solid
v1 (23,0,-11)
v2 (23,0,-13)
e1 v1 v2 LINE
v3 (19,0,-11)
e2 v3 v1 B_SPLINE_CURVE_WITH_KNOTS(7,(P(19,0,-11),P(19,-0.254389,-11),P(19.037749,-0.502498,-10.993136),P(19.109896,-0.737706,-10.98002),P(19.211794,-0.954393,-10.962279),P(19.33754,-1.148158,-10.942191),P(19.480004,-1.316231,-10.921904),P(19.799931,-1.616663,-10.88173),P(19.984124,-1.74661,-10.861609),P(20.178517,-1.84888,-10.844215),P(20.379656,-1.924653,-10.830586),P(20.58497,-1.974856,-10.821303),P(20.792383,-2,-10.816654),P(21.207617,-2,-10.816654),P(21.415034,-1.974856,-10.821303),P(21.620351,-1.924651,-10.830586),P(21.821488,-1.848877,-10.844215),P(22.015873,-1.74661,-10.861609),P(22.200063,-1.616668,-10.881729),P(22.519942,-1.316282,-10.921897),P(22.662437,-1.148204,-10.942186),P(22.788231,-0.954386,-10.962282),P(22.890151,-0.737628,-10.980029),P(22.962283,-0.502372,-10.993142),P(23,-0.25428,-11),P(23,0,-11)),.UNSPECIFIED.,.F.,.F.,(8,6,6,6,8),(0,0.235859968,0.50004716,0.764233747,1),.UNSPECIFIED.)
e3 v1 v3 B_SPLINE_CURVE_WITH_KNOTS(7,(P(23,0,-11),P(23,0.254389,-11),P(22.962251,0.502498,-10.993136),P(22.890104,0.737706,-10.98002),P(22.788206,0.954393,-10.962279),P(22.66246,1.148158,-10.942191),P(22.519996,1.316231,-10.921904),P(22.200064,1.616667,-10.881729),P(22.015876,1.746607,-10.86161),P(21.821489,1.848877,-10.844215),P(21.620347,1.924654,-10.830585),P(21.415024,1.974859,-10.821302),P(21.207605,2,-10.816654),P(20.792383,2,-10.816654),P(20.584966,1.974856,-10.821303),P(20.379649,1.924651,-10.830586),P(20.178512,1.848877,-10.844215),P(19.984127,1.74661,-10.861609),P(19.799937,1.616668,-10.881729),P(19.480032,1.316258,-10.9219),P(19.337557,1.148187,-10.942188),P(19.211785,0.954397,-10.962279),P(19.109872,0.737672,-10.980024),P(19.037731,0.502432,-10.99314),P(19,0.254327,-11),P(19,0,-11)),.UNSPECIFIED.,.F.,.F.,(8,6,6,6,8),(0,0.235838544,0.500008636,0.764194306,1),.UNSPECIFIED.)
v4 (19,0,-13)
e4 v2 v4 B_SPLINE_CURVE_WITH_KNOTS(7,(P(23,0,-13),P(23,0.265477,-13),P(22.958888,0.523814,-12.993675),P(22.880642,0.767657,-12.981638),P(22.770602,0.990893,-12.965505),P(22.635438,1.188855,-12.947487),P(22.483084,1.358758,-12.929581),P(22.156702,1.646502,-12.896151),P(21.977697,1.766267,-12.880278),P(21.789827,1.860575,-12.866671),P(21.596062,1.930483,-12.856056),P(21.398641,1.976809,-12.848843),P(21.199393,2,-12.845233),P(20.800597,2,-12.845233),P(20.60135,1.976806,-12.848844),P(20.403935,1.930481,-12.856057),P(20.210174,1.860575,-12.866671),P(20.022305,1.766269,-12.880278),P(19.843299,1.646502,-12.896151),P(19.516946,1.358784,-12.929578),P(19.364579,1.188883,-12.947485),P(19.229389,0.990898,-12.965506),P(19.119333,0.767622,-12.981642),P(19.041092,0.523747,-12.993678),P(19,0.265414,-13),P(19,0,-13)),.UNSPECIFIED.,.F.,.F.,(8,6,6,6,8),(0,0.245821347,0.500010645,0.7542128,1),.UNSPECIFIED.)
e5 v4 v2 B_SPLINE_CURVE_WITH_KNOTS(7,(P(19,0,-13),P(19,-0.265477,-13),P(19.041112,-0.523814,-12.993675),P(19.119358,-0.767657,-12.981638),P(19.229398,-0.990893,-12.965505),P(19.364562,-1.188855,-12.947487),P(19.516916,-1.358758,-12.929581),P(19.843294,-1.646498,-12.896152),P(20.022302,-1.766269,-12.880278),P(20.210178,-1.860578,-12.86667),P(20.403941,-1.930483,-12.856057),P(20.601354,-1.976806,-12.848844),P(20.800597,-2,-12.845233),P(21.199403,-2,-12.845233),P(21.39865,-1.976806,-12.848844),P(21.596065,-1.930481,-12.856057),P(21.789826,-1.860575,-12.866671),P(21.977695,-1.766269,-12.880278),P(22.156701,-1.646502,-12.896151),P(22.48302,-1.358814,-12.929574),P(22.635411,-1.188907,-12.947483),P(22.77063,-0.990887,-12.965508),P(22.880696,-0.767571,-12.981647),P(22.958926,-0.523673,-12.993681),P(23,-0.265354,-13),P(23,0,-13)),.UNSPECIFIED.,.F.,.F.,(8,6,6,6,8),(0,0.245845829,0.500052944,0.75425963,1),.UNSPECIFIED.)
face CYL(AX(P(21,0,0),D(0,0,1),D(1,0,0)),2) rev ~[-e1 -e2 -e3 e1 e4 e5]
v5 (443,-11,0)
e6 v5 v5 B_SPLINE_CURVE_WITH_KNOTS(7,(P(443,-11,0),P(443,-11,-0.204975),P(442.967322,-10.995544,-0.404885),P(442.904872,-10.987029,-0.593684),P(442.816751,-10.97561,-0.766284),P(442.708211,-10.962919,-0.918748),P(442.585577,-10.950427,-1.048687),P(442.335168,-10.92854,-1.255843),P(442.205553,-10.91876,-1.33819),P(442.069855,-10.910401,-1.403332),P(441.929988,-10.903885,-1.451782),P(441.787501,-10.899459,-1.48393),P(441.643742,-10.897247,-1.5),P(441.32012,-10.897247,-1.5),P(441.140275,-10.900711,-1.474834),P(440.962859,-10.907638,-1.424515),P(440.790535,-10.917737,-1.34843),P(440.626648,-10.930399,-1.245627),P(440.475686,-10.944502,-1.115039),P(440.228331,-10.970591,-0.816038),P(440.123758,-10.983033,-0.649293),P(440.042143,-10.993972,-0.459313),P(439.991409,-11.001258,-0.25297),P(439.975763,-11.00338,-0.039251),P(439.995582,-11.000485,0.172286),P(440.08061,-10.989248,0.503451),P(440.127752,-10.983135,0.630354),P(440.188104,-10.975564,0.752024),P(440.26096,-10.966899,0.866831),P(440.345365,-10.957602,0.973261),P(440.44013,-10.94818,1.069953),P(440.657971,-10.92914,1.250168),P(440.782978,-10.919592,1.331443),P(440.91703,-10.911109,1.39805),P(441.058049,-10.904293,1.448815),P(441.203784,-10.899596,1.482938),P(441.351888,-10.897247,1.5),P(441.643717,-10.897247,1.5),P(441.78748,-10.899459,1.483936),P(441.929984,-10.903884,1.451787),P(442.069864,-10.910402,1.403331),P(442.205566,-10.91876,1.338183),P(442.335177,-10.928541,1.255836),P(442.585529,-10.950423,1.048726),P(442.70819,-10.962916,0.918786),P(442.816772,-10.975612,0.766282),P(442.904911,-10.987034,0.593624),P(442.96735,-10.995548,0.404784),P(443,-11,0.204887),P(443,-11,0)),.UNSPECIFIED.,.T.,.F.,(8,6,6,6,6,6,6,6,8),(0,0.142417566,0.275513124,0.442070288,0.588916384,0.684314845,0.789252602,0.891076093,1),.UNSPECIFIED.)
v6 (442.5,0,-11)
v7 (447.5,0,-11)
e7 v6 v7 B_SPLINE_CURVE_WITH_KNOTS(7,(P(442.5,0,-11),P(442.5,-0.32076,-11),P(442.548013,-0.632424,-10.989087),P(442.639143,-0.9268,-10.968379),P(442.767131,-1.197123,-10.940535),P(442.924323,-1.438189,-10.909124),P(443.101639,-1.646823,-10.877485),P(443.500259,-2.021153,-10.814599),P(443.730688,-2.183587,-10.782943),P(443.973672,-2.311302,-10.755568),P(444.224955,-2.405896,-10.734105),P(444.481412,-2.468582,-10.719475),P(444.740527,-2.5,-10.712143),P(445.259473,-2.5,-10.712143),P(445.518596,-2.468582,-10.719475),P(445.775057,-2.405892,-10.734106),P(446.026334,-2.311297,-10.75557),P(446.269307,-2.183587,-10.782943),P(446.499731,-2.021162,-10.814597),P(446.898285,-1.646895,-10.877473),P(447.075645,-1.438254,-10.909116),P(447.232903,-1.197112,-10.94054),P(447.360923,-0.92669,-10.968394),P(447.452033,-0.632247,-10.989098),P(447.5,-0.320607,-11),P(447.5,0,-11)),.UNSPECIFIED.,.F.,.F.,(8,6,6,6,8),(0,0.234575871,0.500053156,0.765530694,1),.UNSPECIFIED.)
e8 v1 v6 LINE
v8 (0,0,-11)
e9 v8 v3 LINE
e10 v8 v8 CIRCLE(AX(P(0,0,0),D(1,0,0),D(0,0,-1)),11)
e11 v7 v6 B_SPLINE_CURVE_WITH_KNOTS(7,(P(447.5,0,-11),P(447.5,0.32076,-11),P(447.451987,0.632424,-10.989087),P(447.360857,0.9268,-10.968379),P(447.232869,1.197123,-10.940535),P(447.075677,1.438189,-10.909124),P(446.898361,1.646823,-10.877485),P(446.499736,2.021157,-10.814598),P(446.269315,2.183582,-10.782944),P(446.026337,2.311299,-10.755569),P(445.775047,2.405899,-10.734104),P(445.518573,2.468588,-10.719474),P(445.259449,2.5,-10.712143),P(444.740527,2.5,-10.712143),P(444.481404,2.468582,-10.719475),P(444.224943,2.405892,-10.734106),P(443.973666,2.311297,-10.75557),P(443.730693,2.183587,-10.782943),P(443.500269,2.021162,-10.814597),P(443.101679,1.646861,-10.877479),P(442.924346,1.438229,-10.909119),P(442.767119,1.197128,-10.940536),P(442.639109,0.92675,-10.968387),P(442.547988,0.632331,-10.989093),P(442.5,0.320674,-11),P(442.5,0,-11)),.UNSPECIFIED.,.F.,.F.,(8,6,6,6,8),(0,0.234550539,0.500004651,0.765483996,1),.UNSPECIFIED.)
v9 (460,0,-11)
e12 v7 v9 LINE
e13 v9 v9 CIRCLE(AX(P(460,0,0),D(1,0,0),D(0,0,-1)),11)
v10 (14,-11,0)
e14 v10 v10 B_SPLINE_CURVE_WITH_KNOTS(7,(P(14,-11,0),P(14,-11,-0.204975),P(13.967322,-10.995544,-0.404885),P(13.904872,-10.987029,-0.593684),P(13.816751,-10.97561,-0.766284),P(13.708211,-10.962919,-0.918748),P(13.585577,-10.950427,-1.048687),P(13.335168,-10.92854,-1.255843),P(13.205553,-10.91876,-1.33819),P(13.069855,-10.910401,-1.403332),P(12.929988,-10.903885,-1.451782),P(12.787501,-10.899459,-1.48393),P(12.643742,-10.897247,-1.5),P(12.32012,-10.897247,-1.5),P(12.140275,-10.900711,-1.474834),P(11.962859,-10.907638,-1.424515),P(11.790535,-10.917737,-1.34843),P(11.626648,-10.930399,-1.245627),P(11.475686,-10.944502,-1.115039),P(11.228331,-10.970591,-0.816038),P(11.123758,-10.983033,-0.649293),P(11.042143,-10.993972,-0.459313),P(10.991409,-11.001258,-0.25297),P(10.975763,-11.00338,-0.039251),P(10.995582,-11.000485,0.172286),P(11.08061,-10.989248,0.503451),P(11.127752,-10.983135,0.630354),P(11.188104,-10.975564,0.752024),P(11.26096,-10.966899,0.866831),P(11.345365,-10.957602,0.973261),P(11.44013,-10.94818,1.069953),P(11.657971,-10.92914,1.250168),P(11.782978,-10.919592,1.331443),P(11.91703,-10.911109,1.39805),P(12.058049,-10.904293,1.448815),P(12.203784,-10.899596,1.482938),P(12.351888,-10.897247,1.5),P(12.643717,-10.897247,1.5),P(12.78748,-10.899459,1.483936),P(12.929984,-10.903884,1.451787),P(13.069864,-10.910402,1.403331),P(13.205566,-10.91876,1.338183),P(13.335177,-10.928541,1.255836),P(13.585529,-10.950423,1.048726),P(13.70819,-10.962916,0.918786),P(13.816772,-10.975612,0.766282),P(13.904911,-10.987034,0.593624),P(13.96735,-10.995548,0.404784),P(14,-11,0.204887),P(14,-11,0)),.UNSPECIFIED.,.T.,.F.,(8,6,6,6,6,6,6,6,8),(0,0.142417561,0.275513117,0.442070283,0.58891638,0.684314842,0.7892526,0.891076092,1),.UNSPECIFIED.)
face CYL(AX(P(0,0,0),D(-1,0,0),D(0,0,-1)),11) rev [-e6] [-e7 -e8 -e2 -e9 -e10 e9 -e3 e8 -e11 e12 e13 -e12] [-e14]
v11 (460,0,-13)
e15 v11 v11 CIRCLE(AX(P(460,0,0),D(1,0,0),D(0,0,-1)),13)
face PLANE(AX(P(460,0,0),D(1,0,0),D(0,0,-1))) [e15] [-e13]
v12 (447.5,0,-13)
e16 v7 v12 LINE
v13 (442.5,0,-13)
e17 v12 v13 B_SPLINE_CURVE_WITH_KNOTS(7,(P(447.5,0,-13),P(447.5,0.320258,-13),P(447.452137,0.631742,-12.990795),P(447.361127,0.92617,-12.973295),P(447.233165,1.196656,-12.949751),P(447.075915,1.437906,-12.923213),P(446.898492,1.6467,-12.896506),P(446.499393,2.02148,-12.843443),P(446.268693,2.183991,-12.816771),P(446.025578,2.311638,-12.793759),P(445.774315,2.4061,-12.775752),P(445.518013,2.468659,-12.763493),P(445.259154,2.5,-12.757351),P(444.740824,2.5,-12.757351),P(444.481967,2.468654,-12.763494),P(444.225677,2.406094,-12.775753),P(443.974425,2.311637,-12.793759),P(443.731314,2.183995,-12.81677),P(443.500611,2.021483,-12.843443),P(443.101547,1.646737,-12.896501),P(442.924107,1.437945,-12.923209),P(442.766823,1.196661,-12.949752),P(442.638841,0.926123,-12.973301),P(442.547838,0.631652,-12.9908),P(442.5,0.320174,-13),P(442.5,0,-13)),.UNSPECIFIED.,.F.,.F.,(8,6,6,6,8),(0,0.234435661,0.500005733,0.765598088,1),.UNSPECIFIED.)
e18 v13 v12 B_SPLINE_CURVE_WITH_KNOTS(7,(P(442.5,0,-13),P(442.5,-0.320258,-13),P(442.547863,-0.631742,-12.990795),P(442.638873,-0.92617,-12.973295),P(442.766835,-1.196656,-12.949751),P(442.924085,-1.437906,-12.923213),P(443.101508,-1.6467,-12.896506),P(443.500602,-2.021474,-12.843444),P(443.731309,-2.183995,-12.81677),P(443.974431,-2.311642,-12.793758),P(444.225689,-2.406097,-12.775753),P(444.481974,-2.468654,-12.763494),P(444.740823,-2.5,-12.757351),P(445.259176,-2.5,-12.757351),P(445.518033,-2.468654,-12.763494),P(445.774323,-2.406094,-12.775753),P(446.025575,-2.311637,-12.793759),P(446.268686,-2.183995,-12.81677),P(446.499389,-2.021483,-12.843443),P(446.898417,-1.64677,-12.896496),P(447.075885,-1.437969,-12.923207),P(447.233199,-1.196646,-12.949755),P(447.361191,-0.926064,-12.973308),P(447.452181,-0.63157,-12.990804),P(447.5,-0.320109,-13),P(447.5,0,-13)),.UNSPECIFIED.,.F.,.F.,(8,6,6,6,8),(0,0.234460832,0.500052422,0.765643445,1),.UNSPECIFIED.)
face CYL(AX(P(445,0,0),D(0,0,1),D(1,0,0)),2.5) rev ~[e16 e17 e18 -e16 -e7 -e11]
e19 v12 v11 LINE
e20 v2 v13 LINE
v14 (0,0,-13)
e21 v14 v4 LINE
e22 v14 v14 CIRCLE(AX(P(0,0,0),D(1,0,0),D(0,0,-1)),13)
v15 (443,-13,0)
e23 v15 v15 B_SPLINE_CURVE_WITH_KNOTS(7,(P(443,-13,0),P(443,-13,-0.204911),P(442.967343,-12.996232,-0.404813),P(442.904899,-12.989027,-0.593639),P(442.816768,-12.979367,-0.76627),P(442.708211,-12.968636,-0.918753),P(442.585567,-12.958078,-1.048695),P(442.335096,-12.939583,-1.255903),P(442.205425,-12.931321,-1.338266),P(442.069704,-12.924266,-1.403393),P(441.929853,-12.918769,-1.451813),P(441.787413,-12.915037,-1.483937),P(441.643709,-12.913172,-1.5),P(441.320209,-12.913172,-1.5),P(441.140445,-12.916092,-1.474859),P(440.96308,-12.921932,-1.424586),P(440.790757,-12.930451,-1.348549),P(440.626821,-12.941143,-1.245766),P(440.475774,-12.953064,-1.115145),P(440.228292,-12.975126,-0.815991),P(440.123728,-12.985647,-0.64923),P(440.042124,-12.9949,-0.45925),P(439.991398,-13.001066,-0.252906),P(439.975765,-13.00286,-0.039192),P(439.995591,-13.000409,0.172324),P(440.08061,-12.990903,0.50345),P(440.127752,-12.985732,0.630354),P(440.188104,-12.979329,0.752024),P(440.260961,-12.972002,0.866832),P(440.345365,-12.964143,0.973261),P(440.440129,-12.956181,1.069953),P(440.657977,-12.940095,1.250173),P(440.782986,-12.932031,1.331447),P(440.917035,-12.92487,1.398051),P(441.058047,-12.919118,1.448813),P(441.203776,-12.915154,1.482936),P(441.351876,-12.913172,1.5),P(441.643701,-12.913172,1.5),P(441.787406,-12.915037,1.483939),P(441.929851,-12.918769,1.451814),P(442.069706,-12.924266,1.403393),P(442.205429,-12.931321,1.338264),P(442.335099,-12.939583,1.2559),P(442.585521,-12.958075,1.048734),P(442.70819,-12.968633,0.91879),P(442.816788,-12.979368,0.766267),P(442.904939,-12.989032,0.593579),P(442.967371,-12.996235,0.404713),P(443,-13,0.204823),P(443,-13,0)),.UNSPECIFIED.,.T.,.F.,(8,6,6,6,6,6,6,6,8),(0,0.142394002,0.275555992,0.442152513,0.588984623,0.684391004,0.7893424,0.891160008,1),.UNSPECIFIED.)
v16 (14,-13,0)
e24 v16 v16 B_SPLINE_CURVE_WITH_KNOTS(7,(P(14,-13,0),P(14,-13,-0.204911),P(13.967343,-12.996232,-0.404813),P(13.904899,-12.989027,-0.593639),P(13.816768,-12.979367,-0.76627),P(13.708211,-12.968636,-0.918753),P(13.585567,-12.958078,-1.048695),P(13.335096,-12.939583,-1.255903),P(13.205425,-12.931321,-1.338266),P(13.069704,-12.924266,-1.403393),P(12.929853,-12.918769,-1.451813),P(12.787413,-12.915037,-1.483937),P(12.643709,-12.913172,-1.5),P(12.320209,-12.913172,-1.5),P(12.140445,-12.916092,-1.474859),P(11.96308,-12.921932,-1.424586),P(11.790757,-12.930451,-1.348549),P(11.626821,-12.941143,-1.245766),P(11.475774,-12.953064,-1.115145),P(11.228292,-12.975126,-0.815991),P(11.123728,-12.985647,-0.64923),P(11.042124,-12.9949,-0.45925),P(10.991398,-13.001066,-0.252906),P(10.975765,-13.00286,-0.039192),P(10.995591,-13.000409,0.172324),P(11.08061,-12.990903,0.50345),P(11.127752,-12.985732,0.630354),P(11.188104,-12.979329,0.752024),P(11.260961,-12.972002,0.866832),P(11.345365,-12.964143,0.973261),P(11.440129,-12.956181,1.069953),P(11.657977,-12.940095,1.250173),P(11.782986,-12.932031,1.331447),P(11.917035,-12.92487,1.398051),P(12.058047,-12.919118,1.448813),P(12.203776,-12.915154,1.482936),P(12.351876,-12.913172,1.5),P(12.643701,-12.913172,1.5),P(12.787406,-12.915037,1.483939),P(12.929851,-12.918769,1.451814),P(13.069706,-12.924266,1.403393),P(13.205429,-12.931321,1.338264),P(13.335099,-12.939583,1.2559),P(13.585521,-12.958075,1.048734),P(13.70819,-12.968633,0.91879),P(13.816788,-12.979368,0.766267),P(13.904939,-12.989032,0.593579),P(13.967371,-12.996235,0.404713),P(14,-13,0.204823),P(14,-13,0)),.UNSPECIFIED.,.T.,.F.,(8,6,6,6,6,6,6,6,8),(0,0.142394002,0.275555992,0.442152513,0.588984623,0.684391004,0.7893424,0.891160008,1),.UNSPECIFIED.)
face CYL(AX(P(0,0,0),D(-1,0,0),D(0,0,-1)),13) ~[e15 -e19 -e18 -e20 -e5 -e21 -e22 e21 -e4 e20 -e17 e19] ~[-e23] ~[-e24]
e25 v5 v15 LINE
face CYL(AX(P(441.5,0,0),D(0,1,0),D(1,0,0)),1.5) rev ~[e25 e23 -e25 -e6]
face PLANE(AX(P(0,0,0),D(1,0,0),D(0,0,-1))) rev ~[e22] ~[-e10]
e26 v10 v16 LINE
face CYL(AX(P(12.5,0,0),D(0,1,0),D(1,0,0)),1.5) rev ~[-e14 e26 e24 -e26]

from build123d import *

# Parameters (mm, degrees)
SKETCH_1_R          = 13
SKETCH_1_R_2        = 11
EXTRUDE_1_DEPTH     = 460
SKETCH_2_R          = 2
SKETCH_2_R_2        = 2.5
CUT_EXTRUDE_1_DEPTH = 14
SKETCH_4_R          = 1.5
CUT_EXTRUDE_2_DEPTH = 14.0000001


with BuildPart() as part:
    # 草图1 → 凸台-拉伸1 (new body)
    with BuildSketch(Plane(origin=(0, 0, 0), x_dir=(0, 0, -1), z_dir=(1, 0, 0))):
        Circle(SKETCH_1_R)
        Circle(SKETCH_1_R_2, mode=Mode.SUBTRACT)
    extrude(amount=EXTRUDE_1_DEPTH)

    # 草图2 → 切除-拉伸1 (cut, through all)
    with BuildSketch(Plane.XY):
        with Locations((21, 0)):
            Circle(SKETCH_2_R)
        with Locations((445, 0)):
            Circle(SKETCH_2_R_2)
    extrude(amount=-CUT_EXTRUDE_1_DEPTH, mode=Mode.SUBTRACT)

    # 草图4 → 切除-拉伸2 (cut, through all)
    with BuildSketch(Plane(origin=(0, 0, 0), x_dir=(1, 0, 0), z_dir=(0, 1, 0))):
        with Locations((12.5, 0)):
            Circle(SKETCH_4_R)
        with Locations((441.5, 0)):
            Circle(SKETCH_4_R)
    extrude(amount=-CUT_EXTRUDE_2_DEPTH, mode=Mode.SUBTRACT)


solid = part.part
